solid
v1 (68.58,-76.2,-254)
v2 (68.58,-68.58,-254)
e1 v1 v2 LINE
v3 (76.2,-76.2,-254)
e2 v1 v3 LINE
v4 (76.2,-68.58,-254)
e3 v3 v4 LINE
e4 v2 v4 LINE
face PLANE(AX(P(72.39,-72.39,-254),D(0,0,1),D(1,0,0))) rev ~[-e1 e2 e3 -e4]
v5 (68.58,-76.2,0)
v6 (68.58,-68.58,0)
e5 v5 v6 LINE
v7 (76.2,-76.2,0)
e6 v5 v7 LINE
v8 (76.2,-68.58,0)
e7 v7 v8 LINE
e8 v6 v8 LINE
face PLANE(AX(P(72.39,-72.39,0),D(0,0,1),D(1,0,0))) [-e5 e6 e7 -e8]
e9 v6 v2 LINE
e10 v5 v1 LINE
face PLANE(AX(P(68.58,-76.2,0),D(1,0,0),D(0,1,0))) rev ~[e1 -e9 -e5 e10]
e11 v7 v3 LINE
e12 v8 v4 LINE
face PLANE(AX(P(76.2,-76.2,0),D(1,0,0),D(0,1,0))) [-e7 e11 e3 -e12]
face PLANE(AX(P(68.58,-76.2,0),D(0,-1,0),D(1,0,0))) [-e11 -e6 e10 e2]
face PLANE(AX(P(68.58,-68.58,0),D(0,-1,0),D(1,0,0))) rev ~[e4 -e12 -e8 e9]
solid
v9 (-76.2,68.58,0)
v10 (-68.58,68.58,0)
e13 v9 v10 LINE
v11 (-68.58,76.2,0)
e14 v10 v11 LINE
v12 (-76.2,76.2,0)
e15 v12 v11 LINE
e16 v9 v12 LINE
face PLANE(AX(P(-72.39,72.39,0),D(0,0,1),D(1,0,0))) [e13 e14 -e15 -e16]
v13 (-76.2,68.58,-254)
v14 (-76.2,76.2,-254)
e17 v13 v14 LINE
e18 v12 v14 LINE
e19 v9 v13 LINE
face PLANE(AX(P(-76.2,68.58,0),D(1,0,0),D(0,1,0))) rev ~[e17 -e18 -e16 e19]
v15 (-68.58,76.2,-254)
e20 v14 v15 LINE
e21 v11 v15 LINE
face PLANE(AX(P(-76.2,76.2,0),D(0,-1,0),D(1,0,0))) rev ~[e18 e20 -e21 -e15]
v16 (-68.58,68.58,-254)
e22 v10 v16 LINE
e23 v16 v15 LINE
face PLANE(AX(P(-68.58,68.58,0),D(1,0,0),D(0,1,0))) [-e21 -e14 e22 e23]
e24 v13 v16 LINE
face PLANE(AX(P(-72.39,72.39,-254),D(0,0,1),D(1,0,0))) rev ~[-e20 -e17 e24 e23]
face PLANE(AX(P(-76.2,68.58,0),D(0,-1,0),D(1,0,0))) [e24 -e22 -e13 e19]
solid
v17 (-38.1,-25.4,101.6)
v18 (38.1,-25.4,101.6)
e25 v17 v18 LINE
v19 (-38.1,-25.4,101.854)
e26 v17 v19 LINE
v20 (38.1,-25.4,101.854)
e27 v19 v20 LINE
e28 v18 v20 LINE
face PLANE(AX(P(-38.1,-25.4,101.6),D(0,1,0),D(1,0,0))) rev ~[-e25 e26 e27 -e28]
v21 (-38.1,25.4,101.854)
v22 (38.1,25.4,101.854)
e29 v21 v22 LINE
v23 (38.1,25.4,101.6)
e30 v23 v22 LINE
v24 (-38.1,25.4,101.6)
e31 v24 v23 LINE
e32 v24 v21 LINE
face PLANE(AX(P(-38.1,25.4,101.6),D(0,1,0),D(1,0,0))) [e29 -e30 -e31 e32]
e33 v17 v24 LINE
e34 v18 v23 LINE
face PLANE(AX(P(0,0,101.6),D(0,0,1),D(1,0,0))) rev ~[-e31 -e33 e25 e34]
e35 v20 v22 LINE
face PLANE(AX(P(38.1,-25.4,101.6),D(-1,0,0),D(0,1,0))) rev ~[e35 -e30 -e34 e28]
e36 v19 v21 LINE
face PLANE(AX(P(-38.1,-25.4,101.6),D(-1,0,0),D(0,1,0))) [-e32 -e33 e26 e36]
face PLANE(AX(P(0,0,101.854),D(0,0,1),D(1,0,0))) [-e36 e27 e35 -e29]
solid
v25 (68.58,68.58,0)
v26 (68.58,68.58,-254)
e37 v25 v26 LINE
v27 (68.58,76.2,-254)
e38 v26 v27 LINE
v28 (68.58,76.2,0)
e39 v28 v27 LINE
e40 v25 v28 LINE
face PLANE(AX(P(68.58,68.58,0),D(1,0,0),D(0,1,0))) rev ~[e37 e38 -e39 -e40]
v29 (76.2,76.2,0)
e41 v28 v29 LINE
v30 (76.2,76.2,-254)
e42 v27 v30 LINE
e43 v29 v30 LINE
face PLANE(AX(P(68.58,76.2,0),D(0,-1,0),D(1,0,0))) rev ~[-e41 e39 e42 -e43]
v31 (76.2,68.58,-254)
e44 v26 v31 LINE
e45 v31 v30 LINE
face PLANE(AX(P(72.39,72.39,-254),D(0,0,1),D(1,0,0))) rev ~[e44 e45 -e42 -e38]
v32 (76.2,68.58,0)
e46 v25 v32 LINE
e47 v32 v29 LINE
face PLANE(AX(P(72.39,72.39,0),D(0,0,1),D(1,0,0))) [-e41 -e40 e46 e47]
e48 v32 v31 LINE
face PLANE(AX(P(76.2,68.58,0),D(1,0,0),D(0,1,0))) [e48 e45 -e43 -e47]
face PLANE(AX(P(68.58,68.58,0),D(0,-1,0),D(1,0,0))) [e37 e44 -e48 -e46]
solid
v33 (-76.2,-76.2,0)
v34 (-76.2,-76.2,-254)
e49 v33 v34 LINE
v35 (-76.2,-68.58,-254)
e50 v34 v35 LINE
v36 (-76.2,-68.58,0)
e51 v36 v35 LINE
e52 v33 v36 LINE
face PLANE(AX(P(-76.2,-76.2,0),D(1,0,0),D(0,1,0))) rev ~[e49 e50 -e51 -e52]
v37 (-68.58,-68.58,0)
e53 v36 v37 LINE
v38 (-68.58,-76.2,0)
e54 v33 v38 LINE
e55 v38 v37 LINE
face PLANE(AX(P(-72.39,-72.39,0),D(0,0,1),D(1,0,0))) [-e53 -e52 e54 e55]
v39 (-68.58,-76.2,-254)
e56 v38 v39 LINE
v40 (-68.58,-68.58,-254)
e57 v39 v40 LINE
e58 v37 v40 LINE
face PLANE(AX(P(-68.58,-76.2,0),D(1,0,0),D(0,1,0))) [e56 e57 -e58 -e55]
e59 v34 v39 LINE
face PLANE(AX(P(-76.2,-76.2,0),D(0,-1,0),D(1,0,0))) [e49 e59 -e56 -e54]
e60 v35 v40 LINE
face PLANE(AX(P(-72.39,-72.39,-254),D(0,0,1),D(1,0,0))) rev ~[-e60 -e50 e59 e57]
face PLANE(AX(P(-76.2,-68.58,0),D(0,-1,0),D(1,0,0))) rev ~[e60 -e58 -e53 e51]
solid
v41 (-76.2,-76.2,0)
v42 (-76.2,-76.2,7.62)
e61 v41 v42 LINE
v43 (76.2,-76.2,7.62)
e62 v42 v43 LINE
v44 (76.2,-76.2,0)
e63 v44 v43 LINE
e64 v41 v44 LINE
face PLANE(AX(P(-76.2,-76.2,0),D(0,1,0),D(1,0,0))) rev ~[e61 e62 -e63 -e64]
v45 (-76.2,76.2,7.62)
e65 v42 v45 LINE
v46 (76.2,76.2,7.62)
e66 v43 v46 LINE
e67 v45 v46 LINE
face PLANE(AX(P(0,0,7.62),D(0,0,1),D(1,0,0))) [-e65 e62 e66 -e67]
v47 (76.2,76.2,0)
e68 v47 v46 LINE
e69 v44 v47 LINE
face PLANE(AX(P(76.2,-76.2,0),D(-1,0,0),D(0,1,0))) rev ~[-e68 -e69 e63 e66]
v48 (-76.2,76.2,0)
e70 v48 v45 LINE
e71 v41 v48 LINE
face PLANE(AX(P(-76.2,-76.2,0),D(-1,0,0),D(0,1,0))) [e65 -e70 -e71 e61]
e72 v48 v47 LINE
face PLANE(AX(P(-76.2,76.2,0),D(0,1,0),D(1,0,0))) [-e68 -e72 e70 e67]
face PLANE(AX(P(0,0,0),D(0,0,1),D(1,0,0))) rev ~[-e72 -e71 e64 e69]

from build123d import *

# Parameters (mm, degrees)
F1_W     = 7.62
F1_H     = 7.62
F2_DEPTH = 254
F0_W     = 152.4
F0_H     = 152.4
F3_DEPTH = 7.62
F5_W     = 76.2
F5_H     = 50.8
F6_DEPTH = 0.254


with BuildPart() as f2:
    # F1 (on face) → F2 (new body)
    with BuildSketch(Plane.XY):
        with Locations((-72.39, -72.39)):
            Rectangle(F1_W, F1_H)
    extrude(amount=-F2_DEPTH)


with BuildPart() as f2b:
    # F1 (on face) → F2, piece 2 (new body)
    with BuildSketch(Plane.XY):
        with Locations((72.39, -72.39)):
            Rectangle(F1_W, F1_H)
    extrude(amount=-F2_DEPTH)


with BuildPart() as f2c:
    # F1 (on face) → F2, piece 3 (new body)
    with BuildSketch(Plane.XY):
        with Locations((72.39, 72.39)):
            Rectangle(F1_W, F1_H)
    extrude(amount=-F2_DEPTH)


with BuildPart() as f2d:
    # F1 (on face) → F2, piece 4 (new body)
    with BuildSketch(Plane.XY):
        with Locations((-72.39, 72.39)):
            Rectangle(F1_W, F1_H)
    extrude(amount=-F2_DEPTH)


with BuildPart() as f3:
    # F0 (on Top) → F3 (new body)
    with BuildSketch(Plane.XY):
        Rectangle(F0_W, F0_H)
    extrude(amount=F3_DEPTH)


with BuildPart() as f6:
    # F5 (on offset) → F6 (new body)
    with BuildSketch(Plane.XY.offset(101.6)):
        Rectangle(F5_W, F5_H)
    extrude(amount=F6_DEPTH)


solid = Compound([f2.part, f2b.part, f2c.part, f2d.part, f3.part, f6.part])
